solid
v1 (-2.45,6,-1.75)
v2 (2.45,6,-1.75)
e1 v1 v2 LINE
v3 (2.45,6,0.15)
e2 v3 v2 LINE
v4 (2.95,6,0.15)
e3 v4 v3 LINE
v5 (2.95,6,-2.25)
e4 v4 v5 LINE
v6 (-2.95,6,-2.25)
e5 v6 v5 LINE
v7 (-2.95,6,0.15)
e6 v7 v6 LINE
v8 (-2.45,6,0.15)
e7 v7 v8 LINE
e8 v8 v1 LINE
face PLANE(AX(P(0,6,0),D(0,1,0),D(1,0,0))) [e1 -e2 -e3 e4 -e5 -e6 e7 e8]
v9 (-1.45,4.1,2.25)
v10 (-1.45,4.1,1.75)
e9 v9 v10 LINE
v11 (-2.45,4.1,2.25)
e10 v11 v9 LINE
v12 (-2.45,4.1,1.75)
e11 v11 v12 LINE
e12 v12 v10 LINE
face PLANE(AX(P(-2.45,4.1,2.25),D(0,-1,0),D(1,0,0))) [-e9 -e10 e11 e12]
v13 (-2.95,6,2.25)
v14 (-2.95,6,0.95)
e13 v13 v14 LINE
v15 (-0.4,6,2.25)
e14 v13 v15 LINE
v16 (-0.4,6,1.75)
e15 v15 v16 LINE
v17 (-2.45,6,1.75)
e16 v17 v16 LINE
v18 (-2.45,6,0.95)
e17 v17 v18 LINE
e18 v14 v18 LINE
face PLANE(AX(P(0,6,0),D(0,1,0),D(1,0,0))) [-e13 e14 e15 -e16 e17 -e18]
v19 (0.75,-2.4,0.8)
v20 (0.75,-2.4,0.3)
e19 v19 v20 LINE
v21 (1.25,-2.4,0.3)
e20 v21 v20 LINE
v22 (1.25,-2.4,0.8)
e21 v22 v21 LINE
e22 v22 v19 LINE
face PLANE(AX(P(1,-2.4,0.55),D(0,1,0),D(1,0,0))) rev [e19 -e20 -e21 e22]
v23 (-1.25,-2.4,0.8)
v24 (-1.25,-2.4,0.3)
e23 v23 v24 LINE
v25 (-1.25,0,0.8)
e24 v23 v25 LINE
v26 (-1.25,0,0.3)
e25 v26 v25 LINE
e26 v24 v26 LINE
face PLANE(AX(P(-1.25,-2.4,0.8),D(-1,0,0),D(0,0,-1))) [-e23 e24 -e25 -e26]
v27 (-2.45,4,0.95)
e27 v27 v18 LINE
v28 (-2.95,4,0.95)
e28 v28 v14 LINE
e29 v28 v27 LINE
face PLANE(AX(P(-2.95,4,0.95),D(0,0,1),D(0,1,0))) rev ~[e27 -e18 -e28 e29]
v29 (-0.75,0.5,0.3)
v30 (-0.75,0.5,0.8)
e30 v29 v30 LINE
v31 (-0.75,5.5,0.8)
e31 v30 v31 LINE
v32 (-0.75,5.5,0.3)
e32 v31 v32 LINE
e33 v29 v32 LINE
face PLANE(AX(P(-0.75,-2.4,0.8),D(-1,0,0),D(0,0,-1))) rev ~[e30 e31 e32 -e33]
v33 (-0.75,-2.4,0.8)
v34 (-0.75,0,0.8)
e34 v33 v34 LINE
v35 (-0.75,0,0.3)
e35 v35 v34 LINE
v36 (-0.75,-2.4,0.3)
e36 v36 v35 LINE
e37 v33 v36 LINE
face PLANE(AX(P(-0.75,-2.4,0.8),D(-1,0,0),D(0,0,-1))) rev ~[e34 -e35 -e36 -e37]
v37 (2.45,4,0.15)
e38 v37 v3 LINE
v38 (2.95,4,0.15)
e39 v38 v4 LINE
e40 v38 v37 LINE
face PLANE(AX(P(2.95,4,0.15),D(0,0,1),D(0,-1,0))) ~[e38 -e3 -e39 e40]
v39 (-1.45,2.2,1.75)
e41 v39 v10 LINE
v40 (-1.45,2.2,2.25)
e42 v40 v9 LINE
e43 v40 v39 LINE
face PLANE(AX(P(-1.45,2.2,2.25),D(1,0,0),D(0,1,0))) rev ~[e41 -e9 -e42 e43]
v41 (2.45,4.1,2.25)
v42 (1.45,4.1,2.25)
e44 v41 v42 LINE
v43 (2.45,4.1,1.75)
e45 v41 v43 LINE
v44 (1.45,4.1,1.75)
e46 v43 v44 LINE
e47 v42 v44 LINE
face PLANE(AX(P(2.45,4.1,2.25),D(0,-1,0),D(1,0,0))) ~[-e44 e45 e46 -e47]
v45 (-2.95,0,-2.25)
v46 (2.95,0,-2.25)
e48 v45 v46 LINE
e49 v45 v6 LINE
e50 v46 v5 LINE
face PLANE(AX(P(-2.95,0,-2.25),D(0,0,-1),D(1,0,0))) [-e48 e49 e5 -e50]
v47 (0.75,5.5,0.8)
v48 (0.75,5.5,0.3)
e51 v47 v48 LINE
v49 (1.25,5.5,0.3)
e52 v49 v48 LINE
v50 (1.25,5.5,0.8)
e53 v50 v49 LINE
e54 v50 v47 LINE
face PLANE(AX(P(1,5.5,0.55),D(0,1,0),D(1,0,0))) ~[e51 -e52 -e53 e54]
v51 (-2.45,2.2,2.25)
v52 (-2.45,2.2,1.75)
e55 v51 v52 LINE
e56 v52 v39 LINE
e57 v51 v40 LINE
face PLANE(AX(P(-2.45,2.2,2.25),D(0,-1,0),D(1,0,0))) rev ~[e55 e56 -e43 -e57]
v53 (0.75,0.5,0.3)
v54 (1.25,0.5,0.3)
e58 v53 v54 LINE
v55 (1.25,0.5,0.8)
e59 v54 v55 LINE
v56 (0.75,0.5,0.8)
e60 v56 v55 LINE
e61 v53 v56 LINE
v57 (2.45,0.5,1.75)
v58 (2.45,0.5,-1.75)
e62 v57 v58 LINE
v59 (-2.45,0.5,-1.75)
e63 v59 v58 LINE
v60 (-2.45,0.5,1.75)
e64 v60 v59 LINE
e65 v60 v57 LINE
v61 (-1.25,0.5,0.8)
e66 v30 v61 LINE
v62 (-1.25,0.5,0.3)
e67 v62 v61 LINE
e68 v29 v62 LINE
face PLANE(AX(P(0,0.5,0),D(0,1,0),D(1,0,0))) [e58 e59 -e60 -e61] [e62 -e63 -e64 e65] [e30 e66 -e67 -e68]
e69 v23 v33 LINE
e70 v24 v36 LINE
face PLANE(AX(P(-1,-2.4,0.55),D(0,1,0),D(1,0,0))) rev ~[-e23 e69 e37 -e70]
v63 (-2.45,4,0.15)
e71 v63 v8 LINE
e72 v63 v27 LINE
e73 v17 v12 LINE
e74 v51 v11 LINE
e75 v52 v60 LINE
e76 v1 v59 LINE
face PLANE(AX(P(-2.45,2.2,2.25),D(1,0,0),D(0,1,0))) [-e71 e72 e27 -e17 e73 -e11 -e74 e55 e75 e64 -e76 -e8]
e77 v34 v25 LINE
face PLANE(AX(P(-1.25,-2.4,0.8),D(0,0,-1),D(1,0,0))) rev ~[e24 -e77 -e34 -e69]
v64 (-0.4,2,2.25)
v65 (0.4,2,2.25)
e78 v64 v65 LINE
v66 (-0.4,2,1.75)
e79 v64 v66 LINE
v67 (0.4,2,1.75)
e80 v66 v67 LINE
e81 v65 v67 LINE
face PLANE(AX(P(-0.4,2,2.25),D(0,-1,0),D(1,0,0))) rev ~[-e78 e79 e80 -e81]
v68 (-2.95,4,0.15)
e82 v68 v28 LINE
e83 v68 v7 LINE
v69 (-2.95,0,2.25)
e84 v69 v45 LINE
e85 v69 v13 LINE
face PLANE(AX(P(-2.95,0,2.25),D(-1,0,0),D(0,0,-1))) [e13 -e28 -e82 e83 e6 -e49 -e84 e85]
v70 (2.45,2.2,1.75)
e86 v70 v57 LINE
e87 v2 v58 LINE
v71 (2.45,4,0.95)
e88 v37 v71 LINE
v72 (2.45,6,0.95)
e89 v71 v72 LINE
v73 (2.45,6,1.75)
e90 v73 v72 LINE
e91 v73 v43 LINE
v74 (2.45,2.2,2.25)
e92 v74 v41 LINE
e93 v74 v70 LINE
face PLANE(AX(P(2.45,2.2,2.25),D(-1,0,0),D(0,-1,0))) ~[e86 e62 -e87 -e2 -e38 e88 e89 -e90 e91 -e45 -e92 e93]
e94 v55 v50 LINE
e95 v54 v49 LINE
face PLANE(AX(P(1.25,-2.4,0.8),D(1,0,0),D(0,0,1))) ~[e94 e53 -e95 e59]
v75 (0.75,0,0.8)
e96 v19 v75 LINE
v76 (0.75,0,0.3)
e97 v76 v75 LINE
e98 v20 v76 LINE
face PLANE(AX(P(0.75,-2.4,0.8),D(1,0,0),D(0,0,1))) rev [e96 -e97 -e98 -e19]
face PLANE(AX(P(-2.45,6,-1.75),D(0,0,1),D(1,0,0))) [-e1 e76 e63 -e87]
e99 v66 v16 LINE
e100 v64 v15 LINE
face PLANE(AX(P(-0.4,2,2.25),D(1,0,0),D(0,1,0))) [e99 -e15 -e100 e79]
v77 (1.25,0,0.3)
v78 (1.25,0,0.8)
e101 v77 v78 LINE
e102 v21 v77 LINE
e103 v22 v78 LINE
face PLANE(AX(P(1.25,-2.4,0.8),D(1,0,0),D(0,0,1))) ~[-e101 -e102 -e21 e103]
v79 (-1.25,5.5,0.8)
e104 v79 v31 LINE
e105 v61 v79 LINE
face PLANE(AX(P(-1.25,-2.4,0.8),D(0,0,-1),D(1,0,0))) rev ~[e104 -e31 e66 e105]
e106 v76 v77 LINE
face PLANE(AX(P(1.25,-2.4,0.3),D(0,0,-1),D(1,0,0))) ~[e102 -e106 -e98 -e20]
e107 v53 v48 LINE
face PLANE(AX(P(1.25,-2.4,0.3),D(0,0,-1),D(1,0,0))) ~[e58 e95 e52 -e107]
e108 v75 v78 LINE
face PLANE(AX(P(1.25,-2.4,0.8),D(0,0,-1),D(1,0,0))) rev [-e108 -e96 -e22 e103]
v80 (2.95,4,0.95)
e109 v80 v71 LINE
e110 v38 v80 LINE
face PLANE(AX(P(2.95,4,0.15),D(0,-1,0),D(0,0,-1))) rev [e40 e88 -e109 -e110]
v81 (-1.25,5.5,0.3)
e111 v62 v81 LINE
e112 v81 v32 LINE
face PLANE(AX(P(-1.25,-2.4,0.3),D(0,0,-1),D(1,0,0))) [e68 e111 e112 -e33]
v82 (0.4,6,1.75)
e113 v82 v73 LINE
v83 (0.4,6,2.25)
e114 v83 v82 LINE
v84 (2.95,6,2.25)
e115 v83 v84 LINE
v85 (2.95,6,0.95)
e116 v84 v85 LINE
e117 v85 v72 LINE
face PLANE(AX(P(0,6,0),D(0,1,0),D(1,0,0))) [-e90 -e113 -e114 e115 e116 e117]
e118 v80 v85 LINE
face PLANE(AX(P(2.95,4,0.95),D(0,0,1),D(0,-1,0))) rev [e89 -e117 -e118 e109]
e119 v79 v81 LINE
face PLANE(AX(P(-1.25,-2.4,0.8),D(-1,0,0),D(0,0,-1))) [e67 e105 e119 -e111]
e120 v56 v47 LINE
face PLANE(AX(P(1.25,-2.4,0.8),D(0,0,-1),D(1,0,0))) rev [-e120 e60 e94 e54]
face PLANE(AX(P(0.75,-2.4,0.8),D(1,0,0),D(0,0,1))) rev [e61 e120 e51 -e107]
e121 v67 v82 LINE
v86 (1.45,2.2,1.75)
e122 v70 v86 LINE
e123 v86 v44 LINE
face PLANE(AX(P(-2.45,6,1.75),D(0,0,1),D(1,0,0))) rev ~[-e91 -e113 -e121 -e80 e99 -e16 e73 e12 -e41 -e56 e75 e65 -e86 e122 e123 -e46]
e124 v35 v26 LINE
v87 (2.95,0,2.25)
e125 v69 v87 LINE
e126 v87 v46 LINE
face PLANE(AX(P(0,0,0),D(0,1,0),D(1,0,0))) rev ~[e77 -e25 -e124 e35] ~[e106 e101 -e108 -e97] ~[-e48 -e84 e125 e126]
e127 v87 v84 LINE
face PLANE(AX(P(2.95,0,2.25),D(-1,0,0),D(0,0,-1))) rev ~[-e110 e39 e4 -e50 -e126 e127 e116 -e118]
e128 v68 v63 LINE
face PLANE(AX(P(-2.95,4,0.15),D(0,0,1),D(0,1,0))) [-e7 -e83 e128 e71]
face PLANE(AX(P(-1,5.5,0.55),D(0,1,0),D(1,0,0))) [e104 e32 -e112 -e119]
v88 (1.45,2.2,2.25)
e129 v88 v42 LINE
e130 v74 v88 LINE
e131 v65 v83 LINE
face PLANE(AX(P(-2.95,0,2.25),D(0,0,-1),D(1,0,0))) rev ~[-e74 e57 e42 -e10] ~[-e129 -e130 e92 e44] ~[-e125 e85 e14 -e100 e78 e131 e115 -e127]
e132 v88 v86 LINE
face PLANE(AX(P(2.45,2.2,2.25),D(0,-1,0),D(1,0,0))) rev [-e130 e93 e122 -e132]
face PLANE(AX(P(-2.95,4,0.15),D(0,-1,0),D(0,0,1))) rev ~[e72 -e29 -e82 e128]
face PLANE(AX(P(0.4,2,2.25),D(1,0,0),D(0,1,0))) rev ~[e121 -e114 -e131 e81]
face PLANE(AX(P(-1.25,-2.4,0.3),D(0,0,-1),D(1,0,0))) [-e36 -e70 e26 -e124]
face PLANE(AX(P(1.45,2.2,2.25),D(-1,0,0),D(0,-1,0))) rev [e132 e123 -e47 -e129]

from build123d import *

# Parameters (mm, degrees)
SKETCH1_W           = 5.9
SKETCH1_H           = 4.5
BOSS_EXTRUDE1_DEPTH = 6
SKETCH2_W           = 4.9
SKETCH2_H           = 3.5
CUT_EXTRUDE1_DEPTH  = 5.5
SKETCH3_W           = 1
SKETCH3_H           = 1.9
CUT_EXTRUDE2_DEPTH  = 0.5
BOSS_EXTRUDE2_START = -2.9
SKETCH4_W           = 0.5
SKETCH4_H           = 0.5
BOSS_EXTRUDE2_DEPTH = 7.9
SKETCH5_W           = 0.8
SKETCH5_H           = 2
CUT_EXTRUDE3_DEPTH  = 0.5
SKETCH6_W           = 0.8
SKETCH6_H           = 4
CUT_EXTRUDE4_DEPTH  = 0.5


with BuildPart() as part:
    # Sketch1 → Boss-Extrude1 (new body)
    with BuildSketch(Plane(origin=(0, 0, 0), x_dir=(1, 0, 0), z_dir=(0, 1, 0))):
        Rectangle(SKETCH1_W, SKETCH1_H)
    extrude(amount=BOSS_EXTRUDE1_DEPTH)

    # Sketch2 → Cut-Extrude1 (cut)
    with BuildSketch(Plane(origin=(0, 6, 0), x_dir=(1, 0, 0), z_dir=(0, 1, 0))):
        Rectangle(SKETCH2_W, SKETCH2_H)
    extrude(amount=-CUT_EXTRUDE1_DEPTH, mode=Mode.SUBTRACT)

    # Sketch3 → Cut-Extrude2 (cut)
    with BuildSketch(Plane.XY.offset(2.25)):
        with Locations((-1.95, 3.15)):
            Rectangle(SKETCH3_W, SKETCH3_H)
    cut_extrude2 = extrude(amount=-CUT_EXTRUDE2_DEPTH, mode=Mode.SUBTRACT)

    # Sketch4 → Boss-Extrude2 (add)
    with BuildSketch(Plane(origin=(0, 0.5, 0), x_dir=(1, 0, 0), z_dir=(0, 1, 0)).offset(BOSS_EXTRUDE2_START)):
        with Locations((-1, -0.55)):
            Rectangle(SKETCH4_W, SKETCH4_H)
    boss_extrude2 = extrude(amount=BOSS_EXTRUDE2_DEPTH)

    # Sketch5 → Cut-Extrude3 (cut)
    with BuildSketch(Plane.ZY.offset(2.95)):
        with Locations((0.55, 5)):
            Rectangle(SKETCH5_W, SKETCH5_H)
    cut_extrude3 = extrude(amount=-CUT_EXTRUDE3_DEPTH, mode=Mode.SUBTRACT)

    # Mirror1: Cut-Extrude2, Cut-Extrude3 across plane
    add(cut_extrude2.mirror(Plane(origin=(0, 0, 0), x_dir=(0, 0, 1), z_dir=(1, 0, 0))), mode=Mode.SUBTRACT)
    add(cut_extrude3.mirror(Plane(origin=(0, 0, 0), x_dir=(0, 0, 1), z_dir=(1, 0, 0))), mode=Mode.SUBTRACT)

    # Sketch6 → Cut-Extrude4 (cut)
    with BuildSketch(Plane.XY.offset(2.25)):
        with Locations((0, 4)):
            Rectangle(SKETCH6_W, SKETCH6_H)
    extrude(amount=-CUT_EXTRUDE4_DEPTH, mode=Mode.SUBTRACT)

    # Mirror2: Boss-Extrude2 across plane
    add(boss_extrude2.mirror(Plane(origin=(0, 0, 0), x_dir=(0, 0, 1), z_dir=(1, 0, 0))))


solid = part.part
